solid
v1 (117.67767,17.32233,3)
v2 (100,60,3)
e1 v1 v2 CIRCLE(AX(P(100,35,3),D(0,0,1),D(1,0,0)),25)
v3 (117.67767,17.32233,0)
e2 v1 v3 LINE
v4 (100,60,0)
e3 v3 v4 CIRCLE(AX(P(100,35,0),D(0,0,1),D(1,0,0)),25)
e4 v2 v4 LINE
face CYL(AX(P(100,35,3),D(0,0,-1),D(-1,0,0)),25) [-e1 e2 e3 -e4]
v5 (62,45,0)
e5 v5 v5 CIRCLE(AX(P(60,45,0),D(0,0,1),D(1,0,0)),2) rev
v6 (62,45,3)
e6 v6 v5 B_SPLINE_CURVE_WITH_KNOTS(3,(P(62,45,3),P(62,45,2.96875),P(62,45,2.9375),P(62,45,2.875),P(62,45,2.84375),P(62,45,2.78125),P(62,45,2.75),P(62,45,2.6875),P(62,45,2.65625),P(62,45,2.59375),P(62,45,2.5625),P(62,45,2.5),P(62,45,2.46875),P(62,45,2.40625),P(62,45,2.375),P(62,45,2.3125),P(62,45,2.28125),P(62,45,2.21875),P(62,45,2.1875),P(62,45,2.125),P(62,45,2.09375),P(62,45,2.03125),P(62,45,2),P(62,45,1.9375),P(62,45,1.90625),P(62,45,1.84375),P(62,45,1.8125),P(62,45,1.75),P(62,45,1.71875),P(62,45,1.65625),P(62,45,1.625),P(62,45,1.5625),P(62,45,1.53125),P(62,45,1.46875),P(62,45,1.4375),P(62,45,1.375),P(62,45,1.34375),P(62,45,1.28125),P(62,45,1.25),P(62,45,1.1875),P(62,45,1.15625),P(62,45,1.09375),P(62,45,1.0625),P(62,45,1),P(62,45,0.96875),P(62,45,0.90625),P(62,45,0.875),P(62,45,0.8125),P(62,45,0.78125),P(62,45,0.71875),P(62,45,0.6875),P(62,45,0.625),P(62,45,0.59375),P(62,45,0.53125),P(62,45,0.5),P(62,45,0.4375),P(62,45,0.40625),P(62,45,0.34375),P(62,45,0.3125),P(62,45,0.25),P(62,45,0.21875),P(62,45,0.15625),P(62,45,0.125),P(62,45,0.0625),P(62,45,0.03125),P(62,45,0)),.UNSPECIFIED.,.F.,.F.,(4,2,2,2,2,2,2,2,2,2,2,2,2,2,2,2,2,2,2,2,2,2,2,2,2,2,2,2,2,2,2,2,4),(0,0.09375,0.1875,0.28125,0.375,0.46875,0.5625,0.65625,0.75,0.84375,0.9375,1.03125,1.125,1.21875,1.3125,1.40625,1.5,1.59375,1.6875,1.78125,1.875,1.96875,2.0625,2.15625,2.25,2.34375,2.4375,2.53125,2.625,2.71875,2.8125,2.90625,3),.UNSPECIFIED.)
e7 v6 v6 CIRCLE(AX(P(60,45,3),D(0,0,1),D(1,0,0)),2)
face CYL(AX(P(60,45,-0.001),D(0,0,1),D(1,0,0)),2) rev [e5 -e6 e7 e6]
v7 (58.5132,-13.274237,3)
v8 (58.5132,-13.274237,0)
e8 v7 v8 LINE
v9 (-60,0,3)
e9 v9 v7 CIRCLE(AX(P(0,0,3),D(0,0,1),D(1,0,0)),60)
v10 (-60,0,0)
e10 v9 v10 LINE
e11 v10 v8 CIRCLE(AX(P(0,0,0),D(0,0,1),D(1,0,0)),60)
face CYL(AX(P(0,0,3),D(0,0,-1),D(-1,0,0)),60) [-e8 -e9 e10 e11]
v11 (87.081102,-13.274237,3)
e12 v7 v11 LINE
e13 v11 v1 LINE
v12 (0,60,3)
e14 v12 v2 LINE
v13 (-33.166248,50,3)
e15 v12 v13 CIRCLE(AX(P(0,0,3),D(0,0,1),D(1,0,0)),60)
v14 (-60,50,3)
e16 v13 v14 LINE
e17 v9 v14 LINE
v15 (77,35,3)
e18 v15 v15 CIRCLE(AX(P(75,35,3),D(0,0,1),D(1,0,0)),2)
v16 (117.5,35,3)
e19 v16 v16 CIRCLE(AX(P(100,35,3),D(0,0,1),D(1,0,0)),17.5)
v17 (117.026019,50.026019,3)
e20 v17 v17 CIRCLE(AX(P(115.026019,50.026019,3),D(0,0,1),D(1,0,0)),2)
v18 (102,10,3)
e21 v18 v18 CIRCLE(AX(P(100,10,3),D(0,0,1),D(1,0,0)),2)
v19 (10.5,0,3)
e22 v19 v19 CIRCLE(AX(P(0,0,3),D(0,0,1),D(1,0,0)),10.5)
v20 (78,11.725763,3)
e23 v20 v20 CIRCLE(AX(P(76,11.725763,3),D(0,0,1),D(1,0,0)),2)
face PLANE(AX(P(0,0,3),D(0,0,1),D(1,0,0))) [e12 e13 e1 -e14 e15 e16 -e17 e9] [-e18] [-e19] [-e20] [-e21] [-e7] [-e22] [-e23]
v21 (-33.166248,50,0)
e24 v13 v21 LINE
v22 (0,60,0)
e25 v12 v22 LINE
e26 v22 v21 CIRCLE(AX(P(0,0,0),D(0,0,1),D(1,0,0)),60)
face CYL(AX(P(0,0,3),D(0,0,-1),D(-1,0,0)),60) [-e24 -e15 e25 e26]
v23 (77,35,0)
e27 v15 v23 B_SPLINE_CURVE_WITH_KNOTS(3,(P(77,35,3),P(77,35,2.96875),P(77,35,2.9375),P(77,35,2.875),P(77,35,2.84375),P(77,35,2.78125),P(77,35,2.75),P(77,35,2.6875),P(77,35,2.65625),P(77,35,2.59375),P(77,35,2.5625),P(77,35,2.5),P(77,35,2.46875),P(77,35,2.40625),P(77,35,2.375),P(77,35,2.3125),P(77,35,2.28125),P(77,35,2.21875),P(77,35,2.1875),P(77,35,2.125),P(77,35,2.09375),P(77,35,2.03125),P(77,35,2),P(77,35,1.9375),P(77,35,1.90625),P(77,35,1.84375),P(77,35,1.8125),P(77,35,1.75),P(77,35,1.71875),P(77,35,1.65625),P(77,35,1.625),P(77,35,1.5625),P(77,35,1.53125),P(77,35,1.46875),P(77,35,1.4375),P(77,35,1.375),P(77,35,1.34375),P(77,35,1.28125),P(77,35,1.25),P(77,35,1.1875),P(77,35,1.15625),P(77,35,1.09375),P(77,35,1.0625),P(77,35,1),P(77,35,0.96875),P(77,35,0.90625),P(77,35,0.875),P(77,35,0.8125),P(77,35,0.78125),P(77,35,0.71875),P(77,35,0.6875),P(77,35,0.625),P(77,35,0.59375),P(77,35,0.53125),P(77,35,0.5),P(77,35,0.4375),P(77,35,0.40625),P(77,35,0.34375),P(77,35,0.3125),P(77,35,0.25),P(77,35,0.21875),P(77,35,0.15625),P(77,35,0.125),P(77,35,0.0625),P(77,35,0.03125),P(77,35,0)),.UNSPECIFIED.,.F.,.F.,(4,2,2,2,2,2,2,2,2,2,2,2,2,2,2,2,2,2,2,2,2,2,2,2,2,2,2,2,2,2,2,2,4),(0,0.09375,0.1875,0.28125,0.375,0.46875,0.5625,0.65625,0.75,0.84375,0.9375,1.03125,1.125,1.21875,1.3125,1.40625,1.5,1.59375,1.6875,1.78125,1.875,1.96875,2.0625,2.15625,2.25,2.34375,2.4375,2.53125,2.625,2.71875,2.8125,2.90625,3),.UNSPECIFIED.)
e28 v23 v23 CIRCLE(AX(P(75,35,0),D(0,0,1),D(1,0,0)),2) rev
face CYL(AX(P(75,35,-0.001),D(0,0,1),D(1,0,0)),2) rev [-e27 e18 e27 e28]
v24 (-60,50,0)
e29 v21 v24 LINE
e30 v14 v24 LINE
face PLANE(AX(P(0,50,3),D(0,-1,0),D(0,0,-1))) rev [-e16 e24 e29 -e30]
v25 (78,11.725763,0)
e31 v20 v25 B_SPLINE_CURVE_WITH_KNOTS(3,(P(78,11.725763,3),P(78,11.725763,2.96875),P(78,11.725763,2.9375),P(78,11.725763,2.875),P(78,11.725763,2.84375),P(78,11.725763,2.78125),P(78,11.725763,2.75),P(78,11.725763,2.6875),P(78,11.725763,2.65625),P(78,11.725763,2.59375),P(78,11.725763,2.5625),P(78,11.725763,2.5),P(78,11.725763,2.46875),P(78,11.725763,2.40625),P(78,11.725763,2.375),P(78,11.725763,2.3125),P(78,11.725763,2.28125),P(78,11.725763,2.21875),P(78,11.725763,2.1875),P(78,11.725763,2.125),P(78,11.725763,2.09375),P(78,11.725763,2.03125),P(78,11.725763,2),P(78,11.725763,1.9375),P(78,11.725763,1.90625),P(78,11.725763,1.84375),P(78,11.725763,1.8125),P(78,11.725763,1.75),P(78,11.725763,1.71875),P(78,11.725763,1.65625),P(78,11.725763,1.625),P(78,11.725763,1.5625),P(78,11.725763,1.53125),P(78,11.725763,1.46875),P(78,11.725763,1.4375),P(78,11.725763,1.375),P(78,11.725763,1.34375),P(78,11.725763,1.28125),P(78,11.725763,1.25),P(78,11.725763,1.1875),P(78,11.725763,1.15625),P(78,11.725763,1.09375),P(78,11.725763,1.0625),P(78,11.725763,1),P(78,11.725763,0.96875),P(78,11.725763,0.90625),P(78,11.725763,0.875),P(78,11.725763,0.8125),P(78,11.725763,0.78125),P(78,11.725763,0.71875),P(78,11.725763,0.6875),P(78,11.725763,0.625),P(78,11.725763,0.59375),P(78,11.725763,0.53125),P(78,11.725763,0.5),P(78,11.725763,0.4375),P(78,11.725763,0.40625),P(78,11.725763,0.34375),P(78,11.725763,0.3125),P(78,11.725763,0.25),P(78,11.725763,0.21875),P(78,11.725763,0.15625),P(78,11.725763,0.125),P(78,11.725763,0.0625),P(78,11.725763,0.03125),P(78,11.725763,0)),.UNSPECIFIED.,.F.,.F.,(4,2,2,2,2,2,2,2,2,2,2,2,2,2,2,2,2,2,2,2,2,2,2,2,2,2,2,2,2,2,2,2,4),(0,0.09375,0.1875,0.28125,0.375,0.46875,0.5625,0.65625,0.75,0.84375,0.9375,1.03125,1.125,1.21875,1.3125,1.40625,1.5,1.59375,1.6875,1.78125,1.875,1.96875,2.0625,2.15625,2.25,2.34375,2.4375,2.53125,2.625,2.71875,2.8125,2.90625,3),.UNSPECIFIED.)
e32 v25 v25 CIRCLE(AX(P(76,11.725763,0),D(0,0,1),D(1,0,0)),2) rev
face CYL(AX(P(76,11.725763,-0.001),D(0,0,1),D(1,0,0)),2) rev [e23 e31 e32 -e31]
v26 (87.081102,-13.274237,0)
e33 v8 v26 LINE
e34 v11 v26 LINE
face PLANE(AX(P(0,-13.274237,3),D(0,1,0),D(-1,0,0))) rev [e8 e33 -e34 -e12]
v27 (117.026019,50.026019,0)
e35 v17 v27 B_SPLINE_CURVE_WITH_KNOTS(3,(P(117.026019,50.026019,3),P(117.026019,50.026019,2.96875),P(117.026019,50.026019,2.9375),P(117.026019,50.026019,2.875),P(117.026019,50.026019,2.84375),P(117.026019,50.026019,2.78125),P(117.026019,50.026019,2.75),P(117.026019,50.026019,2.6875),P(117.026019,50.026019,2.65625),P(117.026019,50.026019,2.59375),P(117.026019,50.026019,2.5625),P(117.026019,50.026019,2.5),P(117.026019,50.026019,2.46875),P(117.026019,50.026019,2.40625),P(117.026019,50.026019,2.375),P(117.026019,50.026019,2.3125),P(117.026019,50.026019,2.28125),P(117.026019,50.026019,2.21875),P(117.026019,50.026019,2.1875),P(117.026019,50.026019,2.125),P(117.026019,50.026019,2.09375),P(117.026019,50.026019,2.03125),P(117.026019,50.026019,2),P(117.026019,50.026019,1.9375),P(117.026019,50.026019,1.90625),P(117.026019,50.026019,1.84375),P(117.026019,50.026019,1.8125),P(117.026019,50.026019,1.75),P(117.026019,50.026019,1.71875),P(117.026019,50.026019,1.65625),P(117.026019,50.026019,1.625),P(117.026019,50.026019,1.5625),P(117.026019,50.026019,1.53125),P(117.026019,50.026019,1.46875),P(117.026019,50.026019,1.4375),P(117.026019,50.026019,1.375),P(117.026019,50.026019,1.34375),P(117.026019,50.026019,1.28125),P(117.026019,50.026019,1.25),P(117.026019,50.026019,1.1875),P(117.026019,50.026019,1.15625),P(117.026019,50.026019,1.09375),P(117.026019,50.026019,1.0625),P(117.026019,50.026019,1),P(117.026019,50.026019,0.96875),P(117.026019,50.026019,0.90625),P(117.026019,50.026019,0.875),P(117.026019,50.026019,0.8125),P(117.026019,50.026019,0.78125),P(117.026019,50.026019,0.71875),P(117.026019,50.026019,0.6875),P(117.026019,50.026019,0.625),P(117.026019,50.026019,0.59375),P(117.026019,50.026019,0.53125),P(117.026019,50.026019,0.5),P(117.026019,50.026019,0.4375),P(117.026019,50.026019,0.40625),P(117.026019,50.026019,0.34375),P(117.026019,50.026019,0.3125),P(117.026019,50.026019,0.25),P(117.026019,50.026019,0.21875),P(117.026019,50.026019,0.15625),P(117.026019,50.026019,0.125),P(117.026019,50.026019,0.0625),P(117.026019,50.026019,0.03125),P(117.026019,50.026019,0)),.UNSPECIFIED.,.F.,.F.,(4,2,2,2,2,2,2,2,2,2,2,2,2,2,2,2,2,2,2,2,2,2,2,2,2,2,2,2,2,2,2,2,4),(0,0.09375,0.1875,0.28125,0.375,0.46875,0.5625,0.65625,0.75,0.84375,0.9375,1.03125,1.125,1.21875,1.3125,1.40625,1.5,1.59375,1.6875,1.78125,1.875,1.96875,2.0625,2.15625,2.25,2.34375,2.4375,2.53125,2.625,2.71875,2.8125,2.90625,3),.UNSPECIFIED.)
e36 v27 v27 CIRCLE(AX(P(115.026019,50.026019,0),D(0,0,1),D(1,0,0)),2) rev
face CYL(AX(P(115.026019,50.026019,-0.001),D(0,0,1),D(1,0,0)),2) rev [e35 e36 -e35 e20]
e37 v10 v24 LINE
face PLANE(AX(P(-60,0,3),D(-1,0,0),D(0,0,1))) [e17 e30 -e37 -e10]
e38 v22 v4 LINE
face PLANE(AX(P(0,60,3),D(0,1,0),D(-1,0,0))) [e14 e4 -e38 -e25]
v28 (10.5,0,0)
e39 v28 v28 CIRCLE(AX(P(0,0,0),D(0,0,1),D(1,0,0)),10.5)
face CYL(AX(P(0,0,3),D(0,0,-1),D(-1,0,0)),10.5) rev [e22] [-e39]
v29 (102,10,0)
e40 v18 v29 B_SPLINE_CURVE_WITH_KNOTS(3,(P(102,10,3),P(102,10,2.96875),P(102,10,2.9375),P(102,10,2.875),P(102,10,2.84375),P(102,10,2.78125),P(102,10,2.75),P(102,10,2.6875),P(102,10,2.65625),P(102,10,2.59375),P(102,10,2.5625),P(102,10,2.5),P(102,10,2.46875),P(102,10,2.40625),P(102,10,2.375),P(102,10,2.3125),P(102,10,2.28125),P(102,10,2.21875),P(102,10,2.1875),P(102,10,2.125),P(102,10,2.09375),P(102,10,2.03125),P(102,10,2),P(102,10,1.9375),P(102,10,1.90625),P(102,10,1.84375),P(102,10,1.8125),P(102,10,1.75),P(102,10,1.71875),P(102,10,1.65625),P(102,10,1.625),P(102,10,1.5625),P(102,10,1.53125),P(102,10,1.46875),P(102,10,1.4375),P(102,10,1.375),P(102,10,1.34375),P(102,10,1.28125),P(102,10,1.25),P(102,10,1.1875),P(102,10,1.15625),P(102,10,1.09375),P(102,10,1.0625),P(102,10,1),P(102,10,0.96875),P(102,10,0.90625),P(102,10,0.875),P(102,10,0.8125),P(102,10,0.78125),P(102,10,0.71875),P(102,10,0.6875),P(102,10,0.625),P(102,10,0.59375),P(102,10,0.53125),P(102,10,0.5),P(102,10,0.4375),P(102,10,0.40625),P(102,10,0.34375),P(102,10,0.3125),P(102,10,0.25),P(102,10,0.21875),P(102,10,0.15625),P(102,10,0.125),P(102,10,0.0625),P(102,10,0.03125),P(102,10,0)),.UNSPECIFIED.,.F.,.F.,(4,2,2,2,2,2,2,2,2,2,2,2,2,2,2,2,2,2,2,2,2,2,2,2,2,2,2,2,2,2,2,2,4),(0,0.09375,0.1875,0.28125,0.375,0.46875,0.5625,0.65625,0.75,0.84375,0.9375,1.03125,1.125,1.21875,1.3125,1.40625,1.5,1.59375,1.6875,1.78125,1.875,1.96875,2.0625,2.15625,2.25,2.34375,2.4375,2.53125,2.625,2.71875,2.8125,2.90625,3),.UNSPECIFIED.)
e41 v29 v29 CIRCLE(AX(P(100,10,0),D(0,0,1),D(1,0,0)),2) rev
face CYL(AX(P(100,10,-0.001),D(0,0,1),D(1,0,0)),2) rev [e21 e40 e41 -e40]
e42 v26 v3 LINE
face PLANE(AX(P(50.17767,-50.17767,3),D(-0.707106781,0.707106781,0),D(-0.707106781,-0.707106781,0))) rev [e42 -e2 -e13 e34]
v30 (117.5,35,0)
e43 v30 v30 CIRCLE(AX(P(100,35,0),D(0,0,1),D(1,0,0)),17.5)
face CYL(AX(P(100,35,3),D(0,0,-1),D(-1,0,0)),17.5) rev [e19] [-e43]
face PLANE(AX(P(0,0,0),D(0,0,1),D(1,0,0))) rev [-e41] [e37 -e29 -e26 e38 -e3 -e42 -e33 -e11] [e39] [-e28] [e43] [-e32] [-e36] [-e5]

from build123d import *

# Parameters (mm, degrees)
SKETCH1_R           = 10.5
SKETCH1_R_2         = 17.5
BOSS_EXTRUDE1_DEPTH = 3
CUT_EXTRUDE1_REACH  = 140.687
SKETCH2_R           = 2
CUT_EXTRUDE2_REACH  = 140.687
SKETCH3_R           = 2


with BuildPart() as part:
    # Sketch1 → Boss-Extrude1 (new body)
    # profile 1 of 2: a face of its own
    with BuildSketch(Plane.XY):
        with BuildLine():
            ThreePointArc((-60, 0), (-52.867640737, 28.372743309), (-33.166247904, 50))
            Line((-33.166247904, 50), (-60, 50))
            Line((-60, 50), (-60, 0))
        make_face()
    # profile 2 of 2: a face of its own
    with BuildSketch(Plane.XY):
        with BuildLine():
            ThreePointArc((0, 60), (-17.320508076, 57.445626465), (-33.166247904, 50))
            ThreePointArc((-33.166247904, 50), (-52.867640737, 28.372743309), (-60, 0))
            ThreePointArc((-60, 0), (-6.678621673, -59.627141576), (58.513200418, -13.274237334))
            Line((58.513200418, -13.274237334), (87.081101726, -13.274237334))
            Line((87.081101726, -13.274237334), (117.67766953, 17.32233047))
            ThreePointArc((117.67766953, 17.32233047), (123.096988313, 44.567085809), (100, 60))
            Line((100, 60), (0, 60))
        make_face()
        Circle(SKETCH1_R, mode=Mode.SUBTRACT)
        with Locations((100, 35)):
            Circle(SKETCH1_R_2, mode=Mode.SUBTRACT)
    extrude(amount=BOSS_EXTRUDE1_DEPTH)

    # Sketch2 → Cut-Extrude1 (cut, up to next)
    with BuildSketch(Plane.XY.offset(3), mode=Mode.PRIVATE) as cut_extrude1_sk1:
        with Locations((60, 45)):
            Circle(SKETCH2_R)
    cut_extrude1_tool1 = extrude(cut_extrude1_sk1.sketch, amount=-CUT_EXTRUDE1_REACH, mode=Mode.PRIVATE) & part.part
    # Sketch2 → Cut-Extrude1 (cut, up to next)
    with BuildSketch(Plane.XY.offset(3), mode=Mode.PRIVATE) as cut_extrude1_sk2:
        with Locations((76, 11.725762666)):
            Circle(SKETCH2_R)
    cut_extrude1_tool2 = extrude(cut_extrude1_sk2.sketch, amount=-CUT_EXTRUDE1_REACH, mode=Mode.PRIVATE) & part.part
    add(cut_extrude1_tool1.solids().sort_by_distance((60, 45, 3))[0], mode=Mode.SUBTRACT)
    add(cut_extrude1_tool2.solids().sort_by_distance((76, 11.725763, 3))[0], mode=Mode.SUBTRACT)

    # Sketch3 → Cut-Extrude2 (cut, up to next)
    with BuildSketch(Plane.XY.offset(3), mode=Mode.PRIVATE) as cut_extrude2_sk1:
        with Locations((100, 10)):
            Circle(SKETCH3_R)
    cut_extrude2_tool1 = extrude(cut_extrude2_sk1.sketch, amount=-CUT_EXTRUDE2_REACH, mode=Mode.PRIVATE) & part.part
    # Sketch3 → Cut-Extrude2 (cut, up to next)
    with BuildSketch(Plane.XY.offset(3), mode=Mode.PRIVATE) as cut_extrude2_sk2:
        with Locations((75, 35)):
            Circle(SKETCH3_R)
    cut_extrude2_tool2 = extrude(cut_extrude2_sk2.sketch, amount=-CUT_EXTRUDE2_REACH, mode=Mode.PRIVATE) & part.part
    # Sketch3 → Cut-Extrude2 (cut, up to next)
    with BuildSketch(Plane.XY.offset(3), mode=Mode.PRIVATE) as cut_extrude2_sk3:
        with Locations((115.0260191, 50.0260191)):
            Circle(SKETCH3_R)
    cut_extrude2_tool3 = extrude(cut_extrude2_sk3.sketch, amount=-CUT_EXTRUDE2_REACH, mode=Mode.PRIVATE) & part.part
    add(cut_extrude2_tool1.solids().sort_by_distance((100, 10, 3))[0], mode=Mode.SUBTRACT)
    add(cut_extrude2_tool2.solids().sort_by_distance((75, 35, 3))[0], mode=Mode.SUBTRACT)
    add(cut_extrude2_tool3.solids().sort_by_distance((115.026019, 50.026019, 3))[0], mode=Mode.SUBTRACT)


solid = part.part
